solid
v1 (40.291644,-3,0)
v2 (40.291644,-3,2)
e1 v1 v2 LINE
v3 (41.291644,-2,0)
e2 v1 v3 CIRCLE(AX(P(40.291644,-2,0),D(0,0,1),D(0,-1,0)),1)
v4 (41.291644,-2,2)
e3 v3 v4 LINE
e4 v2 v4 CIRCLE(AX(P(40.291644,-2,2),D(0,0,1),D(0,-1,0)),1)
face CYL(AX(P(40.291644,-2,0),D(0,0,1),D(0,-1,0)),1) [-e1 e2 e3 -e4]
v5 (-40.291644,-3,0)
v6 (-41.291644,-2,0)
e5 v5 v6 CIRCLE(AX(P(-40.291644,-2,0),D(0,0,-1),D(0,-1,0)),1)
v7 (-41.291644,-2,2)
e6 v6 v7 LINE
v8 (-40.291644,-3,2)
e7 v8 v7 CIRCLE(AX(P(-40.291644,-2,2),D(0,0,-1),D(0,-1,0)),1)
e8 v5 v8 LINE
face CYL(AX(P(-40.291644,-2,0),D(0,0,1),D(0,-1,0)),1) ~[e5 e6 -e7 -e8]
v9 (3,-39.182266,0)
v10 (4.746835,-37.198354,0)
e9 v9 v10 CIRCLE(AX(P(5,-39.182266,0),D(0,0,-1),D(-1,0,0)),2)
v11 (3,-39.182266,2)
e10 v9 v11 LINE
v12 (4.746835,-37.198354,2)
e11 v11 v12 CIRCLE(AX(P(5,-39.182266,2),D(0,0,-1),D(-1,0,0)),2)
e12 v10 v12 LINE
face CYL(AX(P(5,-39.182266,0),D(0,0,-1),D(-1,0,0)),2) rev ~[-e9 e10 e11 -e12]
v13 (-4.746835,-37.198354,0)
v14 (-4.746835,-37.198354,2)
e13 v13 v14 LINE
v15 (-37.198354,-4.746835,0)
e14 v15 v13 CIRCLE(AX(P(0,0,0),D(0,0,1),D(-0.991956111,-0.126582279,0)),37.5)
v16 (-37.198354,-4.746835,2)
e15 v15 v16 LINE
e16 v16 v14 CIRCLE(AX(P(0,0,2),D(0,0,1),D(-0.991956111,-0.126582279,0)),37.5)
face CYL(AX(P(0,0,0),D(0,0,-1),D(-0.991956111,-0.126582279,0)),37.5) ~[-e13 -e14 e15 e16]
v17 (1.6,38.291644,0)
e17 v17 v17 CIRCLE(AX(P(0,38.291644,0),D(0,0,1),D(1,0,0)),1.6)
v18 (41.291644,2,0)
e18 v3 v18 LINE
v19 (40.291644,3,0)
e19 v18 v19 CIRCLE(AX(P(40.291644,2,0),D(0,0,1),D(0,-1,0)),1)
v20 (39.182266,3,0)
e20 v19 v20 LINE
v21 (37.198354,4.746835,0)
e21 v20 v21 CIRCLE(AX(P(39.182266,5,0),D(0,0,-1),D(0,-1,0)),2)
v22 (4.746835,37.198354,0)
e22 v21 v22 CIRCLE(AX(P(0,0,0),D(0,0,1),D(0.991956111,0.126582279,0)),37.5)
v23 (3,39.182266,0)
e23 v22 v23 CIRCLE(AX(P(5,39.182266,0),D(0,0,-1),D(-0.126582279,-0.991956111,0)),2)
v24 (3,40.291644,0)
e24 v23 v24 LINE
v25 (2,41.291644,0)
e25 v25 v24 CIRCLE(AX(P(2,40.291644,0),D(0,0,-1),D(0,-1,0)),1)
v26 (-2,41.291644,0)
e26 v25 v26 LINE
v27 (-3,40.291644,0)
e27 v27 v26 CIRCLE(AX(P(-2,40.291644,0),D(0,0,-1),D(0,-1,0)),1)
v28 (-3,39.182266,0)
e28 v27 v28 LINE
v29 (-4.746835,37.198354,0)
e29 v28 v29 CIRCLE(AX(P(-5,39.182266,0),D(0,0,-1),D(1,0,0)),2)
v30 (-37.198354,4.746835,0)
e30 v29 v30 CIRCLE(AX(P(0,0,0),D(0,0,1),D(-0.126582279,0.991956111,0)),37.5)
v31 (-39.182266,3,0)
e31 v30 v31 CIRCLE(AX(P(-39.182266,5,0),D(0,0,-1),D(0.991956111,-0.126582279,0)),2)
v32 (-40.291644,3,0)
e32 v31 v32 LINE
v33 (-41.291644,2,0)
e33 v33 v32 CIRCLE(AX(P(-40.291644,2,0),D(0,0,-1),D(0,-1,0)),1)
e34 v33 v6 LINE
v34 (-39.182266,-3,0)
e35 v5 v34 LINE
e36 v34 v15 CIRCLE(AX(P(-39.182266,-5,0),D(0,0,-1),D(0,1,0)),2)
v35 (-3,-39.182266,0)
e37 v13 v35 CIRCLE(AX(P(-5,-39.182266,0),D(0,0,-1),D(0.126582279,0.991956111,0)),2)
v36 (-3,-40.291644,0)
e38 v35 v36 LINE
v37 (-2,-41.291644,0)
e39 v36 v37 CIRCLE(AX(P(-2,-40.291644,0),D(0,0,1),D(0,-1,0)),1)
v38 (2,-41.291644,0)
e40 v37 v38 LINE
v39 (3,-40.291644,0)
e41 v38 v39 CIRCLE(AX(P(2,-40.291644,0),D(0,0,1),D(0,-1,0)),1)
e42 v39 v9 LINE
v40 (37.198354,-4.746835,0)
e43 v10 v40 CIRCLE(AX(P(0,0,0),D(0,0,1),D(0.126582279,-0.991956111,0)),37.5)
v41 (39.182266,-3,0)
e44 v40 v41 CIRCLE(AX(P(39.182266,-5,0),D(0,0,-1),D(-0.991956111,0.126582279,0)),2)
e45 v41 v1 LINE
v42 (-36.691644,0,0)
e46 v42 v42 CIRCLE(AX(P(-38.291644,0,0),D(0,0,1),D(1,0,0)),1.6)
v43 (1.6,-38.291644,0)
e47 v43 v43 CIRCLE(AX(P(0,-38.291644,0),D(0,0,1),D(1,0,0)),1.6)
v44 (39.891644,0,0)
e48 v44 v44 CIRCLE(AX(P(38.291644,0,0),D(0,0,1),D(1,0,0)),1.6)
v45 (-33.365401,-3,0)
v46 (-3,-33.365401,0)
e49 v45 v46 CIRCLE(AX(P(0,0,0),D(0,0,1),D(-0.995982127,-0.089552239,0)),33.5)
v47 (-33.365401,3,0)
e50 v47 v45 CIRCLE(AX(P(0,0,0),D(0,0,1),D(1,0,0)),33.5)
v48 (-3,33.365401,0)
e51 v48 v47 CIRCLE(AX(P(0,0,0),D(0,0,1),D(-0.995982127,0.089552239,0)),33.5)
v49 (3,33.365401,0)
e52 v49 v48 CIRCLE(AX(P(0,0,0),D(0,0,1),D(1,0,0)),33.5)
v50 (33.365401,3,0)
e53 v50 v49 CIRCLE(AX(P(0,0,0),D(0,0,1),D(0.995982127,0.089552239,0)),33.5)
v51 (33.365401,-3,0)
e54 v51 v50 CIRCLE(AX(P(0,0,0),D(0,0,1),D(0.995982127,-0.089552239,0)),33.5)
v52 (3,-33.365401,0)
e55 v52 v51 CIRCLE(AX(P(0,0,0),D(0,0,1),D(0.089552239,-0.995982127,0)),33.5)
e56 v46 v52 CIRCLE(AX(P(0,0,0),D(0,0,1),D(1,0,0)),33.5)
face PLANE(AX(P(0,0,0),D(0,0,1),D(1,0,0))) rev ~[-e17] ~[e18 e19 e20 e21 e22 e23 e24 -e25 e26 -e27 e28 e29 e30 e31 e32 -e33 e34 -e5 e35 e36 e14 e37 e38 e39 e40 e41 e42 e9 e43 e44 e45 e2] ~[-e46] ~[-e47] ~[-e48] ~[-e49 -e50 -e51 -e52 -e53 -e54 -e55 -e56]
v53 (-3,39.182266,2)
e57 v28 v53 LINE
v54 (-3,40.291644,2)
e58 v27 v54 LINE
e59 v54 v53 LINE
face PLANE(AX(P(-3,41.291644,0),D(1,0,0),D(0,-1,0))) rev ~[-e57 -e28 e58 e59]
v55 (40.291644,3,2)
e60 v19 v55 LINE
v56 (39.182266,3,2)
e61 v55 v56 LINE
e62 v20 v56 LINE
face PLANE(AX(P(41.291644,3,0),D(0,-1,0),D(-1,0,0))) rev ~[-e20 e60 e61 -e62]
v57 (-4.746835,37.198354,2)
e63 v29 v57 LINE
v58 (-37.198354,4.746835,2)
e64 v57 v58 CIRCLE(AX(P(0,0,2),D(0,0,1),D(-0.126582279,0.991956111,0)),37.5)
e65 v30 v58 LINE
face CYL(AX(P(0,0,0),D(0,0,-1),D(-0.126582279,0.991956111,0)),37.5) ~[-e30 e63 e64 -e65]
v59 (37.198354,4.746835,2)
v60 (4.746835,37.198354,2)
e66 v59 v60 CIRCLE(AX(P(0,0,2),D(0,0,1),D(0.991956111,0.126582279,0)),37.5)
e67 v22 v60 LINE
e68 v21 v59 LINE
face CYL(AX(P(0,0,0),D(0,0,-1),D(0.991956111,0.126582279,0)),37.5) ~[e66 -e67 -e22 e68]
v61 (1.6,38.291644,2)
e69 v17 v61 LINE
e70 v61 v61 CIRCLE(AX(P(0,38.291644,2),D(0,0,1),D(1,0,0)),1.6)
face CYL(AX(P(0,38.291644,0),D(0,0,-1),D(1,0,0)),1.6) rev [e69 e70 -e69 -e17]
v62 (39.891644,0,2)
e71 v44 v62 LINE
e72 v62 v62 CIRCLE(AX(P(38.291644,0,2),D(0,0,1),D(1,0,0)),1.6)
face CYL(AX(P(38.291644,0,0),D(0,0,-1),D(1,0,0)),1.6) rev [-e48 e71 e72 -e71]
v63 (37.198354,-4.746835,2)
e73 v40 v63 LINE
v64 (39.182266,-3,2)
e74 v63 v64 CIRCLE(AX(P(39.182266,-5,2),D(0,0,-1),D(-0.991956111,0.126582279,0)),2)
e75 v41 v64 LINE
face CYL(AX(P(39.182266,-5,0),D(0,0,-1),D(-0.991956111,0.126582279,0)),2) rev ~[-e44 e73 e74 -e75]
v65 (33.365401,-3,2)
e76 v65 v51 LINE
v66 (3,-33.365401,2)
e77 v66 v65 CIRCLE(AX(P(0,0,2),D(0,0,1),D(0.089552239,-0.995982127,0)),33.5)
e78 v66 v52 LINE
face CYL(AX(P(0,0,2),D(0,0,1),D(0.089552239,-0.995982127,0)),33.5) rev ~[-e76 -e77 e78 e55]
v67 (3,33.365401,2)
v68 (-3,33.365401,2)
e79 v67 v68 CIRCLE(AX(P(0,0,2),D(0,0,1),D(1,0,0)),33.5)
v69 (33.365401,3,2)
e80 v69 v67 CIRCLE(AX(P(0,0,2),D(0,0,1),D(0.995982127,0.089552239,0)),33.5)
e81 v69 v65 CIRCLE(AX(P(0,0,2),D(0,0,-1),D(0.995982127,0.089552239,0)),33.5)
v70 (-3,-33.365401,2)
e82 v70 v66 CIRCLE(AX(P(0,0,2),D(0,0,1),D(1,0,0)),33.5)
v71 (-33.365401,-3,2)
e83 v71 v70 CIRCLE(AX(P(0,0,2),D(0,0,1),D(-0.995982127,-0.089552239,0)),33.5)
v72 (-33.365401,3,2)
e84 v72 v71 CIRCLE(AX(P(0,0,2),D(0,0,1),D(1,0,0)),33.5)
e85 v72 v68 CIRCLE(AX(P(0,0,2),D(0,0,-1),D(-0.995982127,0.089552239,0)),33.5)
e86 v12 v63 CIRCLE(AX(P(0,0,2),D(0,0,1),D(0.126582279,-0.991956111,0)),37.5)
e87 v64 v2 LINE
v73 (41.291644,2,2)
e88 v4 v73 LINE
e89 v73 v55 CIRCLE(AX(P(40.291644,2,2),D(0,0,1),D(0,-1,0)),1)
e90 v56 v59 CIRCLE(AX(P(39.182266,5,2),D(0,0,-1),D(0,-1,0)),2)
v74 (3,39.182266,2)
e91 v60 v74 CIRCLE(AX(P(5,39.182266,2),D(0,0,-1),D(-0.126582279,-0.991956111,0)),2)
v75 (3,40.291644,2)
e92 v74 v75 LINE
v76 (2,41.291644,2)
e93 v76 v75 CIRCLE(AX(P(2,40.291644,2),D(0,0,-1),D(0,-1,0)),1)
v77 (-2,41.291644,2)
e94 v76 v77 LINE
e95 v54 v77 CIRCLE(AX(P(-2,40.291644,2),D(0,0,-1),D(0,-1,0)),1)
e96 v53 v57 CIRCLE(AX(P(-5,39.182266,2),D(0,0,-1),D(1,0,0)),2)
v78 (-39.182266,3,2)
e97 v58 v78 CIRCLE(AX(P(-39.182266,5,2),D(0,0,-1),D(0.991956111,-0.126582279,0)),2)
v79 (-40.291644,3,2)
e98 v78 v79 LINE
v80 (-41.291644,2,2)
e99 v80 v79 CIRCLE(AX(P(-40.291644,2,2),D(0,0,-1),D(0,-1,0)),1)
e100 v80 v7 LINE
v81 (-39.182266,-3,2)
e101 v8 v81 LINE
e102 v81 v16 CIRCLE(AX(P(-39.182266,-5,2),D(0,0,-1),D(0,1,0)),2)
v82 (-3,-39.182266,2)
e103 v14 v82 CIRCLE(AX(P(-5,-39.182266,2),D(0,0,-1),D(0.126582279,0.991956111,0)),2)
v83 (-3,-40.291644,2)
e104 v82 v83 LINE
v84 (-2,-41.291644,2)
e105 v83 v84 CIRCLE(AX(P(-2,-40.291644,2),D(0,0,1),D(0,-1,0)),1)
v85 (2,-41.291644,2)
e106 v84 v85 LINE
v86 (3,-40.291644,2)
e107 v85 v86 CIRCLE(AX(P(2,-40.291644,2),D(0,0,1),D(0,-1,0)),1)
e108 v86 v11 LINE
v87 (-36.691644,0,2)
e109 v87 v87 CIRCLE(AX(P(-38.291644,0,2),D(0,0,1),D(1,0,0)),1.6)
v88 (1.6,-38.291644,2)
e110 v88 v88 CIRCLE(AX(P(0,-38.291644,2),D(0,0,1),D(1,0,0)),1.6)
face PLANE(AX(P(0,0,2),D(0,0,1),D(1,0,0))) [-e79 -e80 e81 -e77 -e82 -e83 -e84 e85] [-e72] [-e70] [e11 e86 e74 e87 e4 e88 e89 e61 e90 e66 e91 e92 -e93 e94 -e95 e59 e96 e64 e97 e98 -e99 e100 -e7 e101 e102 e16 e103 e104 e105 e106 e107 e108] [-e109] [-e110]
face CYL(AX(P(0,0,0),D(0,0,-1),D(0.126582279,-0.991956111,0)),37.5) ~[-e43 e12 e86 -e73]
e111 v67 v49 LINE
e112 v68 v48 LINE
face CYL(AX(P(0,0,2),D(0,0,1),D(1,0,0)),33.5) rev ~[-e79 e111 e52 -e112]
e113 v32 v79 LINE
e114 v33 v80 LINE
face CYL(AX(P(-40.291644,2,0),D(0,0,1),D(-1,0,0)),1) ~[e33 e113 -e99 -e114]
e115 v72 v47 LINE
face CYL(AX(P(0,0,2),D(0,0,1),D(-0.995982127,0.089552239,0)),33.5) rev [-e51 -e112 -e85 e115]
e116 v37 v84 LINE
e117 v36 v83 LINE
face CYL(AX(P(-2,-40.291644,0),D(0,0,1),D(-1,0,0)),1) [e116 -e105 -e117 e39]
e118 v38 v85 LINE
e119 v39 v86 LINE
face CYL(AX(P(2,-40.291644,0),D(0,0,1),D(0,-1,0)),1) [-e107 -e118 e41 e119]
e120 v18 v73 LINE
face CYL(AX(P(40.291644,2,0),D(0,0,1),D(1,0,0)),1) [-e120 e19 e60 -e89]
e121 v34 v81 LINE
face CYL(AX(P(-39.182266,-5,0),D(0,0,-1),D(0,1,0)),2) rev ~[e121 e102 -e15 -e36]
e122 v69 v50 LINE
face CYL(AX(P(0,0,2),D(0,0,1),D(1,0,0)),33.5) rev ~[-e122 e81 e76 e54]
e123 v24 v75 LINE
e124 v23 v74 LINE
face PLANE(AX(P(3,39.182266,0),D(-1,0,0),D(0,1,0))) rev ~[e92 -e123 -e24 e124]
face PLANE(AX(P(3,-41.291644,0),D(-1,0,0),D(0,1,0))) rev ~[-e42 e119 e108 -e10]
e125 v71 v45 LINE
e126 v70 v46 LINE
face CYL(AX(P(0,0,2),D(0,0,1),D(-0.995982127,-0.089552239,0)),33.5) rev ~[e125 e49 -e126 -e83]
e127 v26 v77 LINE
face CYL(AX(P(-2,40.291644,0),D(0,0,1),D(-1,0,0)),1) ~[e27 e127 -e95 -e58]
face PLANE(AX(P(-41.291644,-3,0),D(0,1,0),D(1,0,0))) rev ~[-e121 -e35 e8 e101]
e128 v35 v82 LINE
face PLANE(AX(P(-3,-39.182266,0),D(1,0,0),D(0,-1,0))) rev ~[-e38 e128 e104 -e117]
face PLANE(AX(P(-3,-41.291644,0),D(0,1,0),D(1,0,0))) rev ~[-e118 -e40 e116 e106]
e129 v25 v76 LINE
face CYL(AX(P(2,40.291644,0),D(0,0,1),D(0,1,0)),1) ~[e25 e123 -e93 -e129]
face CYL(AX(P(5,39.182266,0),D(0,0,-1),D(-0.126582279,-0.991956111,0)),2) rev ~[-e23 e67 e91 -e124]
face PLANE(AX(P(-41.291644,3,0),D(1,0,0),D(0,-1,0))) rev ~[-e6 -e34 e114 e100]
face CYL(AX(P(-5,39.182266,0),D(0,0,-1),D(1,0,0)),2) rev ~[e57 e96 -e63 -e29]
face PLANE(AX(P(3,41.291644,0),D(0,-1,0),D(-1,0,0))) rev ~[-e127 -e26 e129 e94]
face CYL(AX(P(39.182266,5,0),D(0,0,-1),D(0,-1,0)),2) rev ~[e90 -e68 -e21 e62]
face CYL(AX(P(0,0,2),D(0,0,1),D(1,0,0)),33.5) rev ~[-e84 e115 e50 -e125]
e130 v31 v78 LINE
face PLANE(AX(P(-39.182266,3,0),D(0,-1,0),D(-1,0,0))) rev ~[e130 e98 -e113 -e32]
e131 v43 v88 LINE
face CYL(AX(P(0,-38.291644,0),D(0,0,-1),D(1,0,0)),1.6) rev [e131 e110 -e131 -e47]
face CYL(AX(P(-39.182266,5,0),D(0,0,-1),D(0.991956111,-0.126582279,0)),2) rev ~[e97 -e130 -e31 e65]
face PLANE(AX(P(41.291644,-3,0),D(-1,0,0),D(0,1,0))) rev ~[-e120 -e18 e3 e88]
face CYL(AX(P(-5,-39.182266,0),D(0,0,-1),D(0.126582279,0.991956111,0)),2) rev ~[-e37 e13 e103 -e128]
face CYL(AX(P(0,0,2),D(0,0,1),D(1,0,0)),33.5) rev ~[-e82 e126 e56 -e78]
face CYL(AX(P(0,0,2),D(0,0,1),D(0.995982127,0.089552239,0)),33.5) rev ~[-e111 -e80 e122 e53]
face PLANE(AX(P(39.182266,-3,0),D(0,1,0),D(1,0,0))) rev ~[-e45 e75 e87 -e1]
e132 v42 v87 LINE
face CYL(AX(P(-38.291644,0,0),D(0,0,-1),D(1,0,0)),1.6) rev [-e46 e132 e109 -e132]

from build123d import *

# Parameters (mm, degrees)
SKETCH_1_R          = 1.6
EXTRUDE_1_DEPTH     = 2
SKETCH_3_R          = 4.5
SKETCH_3_R_2        = 1.25
CUT_EXTRUDE_1_DEPTH = 3
CUT_EXTRUDE_2_DEPTH = 3
FILLET_1_R          = 1
SKETCH_5_R          = 33.5
CUT_EXTRUDE_3_DEPTH = 3


with BuildPart() as part:
    # ｽｹｯﾁ1 → ﾎﾞｽ - 押し出し1 (new body)
    with BuildSketch(Plane.XY):
        with BuildLine():
            Line((-3, -39.182266397), (-3, -41.291643997))
            Line((-3, -41.291643997), (3, -41.291643997))
            Line((3, -41.291643997), (3, -39.182266397))
            ThreePointArc((3, -39.182266397), (3.498945518, -37.860587373), (4.746835443, -37.198354174))
            ThreePointArc((4.746835443, -37.198354174), (26.516504294, -26.516504294), (37.198354174, -4.746835443))
            ThreePointArc((37.198354174, -4.746835443), (37.860587373, -3.498945518), (39.182266397, -3))
            Line((39.182266397, -3), (41.291643997, -3))
            Line((41.291643997, -3), (41.291643997, 3))
            Line((41.291643997, 3), (39.182266397, 3))
            ThreePointArc((39.182266397, 3), (37.860587373, 3.498945518), (37.198354174, 4.746835443))
            ThreePointArc((37.198354174, 4.746835443), (26.516504294, 26.516504294), (4.746835443, 37.198354174))
            ThreePointArc((4.746835443, 37.198354174), (3.498945518, 37.860587373), (3, 39.182266397))
            Line((3, 39.182266397), (3, 41.291643997))
            Line((3, 41.291643997), (-3, 41.291643997))
            Line((-3, 41.291643997), (-3, 39.182266397))
            ThreePointArc((-3, 39.182266397), (-3.498945518, 37.860587373), (-4.746835443, 37.198354174))
            ThreePointArc((-4.746835443, 37.198354174), (-26.516504294, 26.516504294), (-37.198354174, 4.746835443))
            ThreePointArc((-37.198354174, 4.746835443), (-37.860587373, 3.498945518), (-39.182266397, 3))
            Line((-39.182266397, 3), (-41.291643997, 3))
            Line((-41.291643997, 3), (-41.291643997, -3))
            Line((-41.291643997, -3), (-39.182266397, -3))
            ThreePointArc((-39.182266397, -3), (-37.860587373, -3.498945518), (-37.198354174, -4.746835443))
            ThreePointArc((-37.198354174, -4.746835443), (-26.516504294, -26.516504294), (-4.746835443, -37.198354174))
            ThreePointArc((-4.746835443, -37.198354174), (-3.498945518, -37.860587373), (-3, -39.182266397))
        make_face()
        with Locations((-38.291643997, 0)):
            Circle(SKETCH_1_R, mode=Mode.SUBTRACT)
        with Locations((0, -38.291643997)):
            Circle(SKETCH_1_R, mode=Mode.SUBTRACT)
        with Locations((0, 38.291643997)):
            Circle(SKETCH_1_R, mode=Mode.SUBTRACT)
        with Locations((38.291643997, 0)):
            Circle(SKETCH_1_R, mode=Mode.SUBTRACT)
    extrude(amount=EXTRUDE_1_DEPTH)

    # ｽｹｯﾁ3 → ｶｯﾄ - 押し出し1 (cut, through all)
    with BuildSketch(Plane.XY.offset(2)):
        Circle(SKETCH_3_R)
        with Locations((0, 8.5)):
            Circle(SKETCH_3_R_2)
        with Locations((8.5, 0)):
            Circle(SKETCH_3_R_2)
        with Locations((0, -8.5)):
            Circle(SKETCH_3_R_2)
        with Locations((-8.5, 0)):
            Circle(SKETCH_3_R_2)
    extrude(amount=-CUT_EXTRUDE_1_DEPTH, mode=Mode.SUBTRACT)

    # ｽｹｯﾁ4 → ｶｯﾄ - 押し出し2 (cut, through all)
    with BuildSketch(Plane.XY.offset(2)):
        with BuildLine():
            Line((-3, 33.365401241), (-3, 12.1346611))
            ThreePointArc((-3, 12.1346611), (-8.838834765, 8.838834765), (-12.1346611, 3))
            Line((-12.1346611, 3), (-33.365401241, 3))
            ThreePointArc((-33.365401241, 3), (-23.68807717, 23.68807717), (-3, 33.365401241))
        make_face()
        with BuildLine():
            Line((3, 33.365401241), (3, 12.1346611))
            ThreePointArc((3, 12.1346611), (8.838834765, 8.838834765), (12.1346611, 3))
            Line((12.1346611, 3), (33.365401241, 3))
            ThreePointArc((33.365401241, 3), (23.68807717, 23.68807717), (3, 33.365401241))
        make_face()
        with BuildLine():
            Line((33.365401241, -3), (12.1346611, -3))
            ThreePointArc((12.1346611, -3), (8.838834765, -8.838834765), (3, -12.1346611))
            Line((3, -12.1346611), (3, -33.365401241))
            ThreePointArc((3, -33.365401241), (23.68807717, -23.68807717), (33.365401241, -3))
        make_face()
        with BuildLine():
            Line((-3, -33.365401241), (-3, -12.1346611))
            ThreePointArc((-3, -12.1346611), (-8.838834765, -8.838834765), (-12.1346611, -3))
            Line((-12.1346611, -3), (-33.365401241, -3))
            ThreePointArc((-33.365401241, -3), (-23.68807717, -23.68807717), (-3, -33.365401241))
        make_face()
    extrude(amount=-CUT_EXTRUDE_2_DEPTH, mode=Mode.SUBTRACT)

    # ﾌｨﾚｯﾄ1
    fillet_1_edges = [part.edges().sort_by_distance(p)[0] for p in [
        (-41.291643997, -3, 1),
        (-41.291643997, 3, 1),
        (-3, 41.291643997, 1),
        (3, 41.291643997, 1),
        (41.291643997, 3, 1),
        (41.291643997, -3, 1),
        (3, -41.291643997, 1),
        (-3, -41.291643997, 1),
    ]]
    fillet(fillet_1_edges, radius=FILLET_1_R)

    # ｽｹｯﾁ5 → ｶｯﾄ - 押し出し3 (cut, through all)
    with BuildSketch(Plane.XY.offset(2)):
        Circle(SKETCH_5_R)
    extrude(amount=-CUT_EXTRUDE_3_DEPTH, mode=Mode.SUBTRACT)


solid = part.part
